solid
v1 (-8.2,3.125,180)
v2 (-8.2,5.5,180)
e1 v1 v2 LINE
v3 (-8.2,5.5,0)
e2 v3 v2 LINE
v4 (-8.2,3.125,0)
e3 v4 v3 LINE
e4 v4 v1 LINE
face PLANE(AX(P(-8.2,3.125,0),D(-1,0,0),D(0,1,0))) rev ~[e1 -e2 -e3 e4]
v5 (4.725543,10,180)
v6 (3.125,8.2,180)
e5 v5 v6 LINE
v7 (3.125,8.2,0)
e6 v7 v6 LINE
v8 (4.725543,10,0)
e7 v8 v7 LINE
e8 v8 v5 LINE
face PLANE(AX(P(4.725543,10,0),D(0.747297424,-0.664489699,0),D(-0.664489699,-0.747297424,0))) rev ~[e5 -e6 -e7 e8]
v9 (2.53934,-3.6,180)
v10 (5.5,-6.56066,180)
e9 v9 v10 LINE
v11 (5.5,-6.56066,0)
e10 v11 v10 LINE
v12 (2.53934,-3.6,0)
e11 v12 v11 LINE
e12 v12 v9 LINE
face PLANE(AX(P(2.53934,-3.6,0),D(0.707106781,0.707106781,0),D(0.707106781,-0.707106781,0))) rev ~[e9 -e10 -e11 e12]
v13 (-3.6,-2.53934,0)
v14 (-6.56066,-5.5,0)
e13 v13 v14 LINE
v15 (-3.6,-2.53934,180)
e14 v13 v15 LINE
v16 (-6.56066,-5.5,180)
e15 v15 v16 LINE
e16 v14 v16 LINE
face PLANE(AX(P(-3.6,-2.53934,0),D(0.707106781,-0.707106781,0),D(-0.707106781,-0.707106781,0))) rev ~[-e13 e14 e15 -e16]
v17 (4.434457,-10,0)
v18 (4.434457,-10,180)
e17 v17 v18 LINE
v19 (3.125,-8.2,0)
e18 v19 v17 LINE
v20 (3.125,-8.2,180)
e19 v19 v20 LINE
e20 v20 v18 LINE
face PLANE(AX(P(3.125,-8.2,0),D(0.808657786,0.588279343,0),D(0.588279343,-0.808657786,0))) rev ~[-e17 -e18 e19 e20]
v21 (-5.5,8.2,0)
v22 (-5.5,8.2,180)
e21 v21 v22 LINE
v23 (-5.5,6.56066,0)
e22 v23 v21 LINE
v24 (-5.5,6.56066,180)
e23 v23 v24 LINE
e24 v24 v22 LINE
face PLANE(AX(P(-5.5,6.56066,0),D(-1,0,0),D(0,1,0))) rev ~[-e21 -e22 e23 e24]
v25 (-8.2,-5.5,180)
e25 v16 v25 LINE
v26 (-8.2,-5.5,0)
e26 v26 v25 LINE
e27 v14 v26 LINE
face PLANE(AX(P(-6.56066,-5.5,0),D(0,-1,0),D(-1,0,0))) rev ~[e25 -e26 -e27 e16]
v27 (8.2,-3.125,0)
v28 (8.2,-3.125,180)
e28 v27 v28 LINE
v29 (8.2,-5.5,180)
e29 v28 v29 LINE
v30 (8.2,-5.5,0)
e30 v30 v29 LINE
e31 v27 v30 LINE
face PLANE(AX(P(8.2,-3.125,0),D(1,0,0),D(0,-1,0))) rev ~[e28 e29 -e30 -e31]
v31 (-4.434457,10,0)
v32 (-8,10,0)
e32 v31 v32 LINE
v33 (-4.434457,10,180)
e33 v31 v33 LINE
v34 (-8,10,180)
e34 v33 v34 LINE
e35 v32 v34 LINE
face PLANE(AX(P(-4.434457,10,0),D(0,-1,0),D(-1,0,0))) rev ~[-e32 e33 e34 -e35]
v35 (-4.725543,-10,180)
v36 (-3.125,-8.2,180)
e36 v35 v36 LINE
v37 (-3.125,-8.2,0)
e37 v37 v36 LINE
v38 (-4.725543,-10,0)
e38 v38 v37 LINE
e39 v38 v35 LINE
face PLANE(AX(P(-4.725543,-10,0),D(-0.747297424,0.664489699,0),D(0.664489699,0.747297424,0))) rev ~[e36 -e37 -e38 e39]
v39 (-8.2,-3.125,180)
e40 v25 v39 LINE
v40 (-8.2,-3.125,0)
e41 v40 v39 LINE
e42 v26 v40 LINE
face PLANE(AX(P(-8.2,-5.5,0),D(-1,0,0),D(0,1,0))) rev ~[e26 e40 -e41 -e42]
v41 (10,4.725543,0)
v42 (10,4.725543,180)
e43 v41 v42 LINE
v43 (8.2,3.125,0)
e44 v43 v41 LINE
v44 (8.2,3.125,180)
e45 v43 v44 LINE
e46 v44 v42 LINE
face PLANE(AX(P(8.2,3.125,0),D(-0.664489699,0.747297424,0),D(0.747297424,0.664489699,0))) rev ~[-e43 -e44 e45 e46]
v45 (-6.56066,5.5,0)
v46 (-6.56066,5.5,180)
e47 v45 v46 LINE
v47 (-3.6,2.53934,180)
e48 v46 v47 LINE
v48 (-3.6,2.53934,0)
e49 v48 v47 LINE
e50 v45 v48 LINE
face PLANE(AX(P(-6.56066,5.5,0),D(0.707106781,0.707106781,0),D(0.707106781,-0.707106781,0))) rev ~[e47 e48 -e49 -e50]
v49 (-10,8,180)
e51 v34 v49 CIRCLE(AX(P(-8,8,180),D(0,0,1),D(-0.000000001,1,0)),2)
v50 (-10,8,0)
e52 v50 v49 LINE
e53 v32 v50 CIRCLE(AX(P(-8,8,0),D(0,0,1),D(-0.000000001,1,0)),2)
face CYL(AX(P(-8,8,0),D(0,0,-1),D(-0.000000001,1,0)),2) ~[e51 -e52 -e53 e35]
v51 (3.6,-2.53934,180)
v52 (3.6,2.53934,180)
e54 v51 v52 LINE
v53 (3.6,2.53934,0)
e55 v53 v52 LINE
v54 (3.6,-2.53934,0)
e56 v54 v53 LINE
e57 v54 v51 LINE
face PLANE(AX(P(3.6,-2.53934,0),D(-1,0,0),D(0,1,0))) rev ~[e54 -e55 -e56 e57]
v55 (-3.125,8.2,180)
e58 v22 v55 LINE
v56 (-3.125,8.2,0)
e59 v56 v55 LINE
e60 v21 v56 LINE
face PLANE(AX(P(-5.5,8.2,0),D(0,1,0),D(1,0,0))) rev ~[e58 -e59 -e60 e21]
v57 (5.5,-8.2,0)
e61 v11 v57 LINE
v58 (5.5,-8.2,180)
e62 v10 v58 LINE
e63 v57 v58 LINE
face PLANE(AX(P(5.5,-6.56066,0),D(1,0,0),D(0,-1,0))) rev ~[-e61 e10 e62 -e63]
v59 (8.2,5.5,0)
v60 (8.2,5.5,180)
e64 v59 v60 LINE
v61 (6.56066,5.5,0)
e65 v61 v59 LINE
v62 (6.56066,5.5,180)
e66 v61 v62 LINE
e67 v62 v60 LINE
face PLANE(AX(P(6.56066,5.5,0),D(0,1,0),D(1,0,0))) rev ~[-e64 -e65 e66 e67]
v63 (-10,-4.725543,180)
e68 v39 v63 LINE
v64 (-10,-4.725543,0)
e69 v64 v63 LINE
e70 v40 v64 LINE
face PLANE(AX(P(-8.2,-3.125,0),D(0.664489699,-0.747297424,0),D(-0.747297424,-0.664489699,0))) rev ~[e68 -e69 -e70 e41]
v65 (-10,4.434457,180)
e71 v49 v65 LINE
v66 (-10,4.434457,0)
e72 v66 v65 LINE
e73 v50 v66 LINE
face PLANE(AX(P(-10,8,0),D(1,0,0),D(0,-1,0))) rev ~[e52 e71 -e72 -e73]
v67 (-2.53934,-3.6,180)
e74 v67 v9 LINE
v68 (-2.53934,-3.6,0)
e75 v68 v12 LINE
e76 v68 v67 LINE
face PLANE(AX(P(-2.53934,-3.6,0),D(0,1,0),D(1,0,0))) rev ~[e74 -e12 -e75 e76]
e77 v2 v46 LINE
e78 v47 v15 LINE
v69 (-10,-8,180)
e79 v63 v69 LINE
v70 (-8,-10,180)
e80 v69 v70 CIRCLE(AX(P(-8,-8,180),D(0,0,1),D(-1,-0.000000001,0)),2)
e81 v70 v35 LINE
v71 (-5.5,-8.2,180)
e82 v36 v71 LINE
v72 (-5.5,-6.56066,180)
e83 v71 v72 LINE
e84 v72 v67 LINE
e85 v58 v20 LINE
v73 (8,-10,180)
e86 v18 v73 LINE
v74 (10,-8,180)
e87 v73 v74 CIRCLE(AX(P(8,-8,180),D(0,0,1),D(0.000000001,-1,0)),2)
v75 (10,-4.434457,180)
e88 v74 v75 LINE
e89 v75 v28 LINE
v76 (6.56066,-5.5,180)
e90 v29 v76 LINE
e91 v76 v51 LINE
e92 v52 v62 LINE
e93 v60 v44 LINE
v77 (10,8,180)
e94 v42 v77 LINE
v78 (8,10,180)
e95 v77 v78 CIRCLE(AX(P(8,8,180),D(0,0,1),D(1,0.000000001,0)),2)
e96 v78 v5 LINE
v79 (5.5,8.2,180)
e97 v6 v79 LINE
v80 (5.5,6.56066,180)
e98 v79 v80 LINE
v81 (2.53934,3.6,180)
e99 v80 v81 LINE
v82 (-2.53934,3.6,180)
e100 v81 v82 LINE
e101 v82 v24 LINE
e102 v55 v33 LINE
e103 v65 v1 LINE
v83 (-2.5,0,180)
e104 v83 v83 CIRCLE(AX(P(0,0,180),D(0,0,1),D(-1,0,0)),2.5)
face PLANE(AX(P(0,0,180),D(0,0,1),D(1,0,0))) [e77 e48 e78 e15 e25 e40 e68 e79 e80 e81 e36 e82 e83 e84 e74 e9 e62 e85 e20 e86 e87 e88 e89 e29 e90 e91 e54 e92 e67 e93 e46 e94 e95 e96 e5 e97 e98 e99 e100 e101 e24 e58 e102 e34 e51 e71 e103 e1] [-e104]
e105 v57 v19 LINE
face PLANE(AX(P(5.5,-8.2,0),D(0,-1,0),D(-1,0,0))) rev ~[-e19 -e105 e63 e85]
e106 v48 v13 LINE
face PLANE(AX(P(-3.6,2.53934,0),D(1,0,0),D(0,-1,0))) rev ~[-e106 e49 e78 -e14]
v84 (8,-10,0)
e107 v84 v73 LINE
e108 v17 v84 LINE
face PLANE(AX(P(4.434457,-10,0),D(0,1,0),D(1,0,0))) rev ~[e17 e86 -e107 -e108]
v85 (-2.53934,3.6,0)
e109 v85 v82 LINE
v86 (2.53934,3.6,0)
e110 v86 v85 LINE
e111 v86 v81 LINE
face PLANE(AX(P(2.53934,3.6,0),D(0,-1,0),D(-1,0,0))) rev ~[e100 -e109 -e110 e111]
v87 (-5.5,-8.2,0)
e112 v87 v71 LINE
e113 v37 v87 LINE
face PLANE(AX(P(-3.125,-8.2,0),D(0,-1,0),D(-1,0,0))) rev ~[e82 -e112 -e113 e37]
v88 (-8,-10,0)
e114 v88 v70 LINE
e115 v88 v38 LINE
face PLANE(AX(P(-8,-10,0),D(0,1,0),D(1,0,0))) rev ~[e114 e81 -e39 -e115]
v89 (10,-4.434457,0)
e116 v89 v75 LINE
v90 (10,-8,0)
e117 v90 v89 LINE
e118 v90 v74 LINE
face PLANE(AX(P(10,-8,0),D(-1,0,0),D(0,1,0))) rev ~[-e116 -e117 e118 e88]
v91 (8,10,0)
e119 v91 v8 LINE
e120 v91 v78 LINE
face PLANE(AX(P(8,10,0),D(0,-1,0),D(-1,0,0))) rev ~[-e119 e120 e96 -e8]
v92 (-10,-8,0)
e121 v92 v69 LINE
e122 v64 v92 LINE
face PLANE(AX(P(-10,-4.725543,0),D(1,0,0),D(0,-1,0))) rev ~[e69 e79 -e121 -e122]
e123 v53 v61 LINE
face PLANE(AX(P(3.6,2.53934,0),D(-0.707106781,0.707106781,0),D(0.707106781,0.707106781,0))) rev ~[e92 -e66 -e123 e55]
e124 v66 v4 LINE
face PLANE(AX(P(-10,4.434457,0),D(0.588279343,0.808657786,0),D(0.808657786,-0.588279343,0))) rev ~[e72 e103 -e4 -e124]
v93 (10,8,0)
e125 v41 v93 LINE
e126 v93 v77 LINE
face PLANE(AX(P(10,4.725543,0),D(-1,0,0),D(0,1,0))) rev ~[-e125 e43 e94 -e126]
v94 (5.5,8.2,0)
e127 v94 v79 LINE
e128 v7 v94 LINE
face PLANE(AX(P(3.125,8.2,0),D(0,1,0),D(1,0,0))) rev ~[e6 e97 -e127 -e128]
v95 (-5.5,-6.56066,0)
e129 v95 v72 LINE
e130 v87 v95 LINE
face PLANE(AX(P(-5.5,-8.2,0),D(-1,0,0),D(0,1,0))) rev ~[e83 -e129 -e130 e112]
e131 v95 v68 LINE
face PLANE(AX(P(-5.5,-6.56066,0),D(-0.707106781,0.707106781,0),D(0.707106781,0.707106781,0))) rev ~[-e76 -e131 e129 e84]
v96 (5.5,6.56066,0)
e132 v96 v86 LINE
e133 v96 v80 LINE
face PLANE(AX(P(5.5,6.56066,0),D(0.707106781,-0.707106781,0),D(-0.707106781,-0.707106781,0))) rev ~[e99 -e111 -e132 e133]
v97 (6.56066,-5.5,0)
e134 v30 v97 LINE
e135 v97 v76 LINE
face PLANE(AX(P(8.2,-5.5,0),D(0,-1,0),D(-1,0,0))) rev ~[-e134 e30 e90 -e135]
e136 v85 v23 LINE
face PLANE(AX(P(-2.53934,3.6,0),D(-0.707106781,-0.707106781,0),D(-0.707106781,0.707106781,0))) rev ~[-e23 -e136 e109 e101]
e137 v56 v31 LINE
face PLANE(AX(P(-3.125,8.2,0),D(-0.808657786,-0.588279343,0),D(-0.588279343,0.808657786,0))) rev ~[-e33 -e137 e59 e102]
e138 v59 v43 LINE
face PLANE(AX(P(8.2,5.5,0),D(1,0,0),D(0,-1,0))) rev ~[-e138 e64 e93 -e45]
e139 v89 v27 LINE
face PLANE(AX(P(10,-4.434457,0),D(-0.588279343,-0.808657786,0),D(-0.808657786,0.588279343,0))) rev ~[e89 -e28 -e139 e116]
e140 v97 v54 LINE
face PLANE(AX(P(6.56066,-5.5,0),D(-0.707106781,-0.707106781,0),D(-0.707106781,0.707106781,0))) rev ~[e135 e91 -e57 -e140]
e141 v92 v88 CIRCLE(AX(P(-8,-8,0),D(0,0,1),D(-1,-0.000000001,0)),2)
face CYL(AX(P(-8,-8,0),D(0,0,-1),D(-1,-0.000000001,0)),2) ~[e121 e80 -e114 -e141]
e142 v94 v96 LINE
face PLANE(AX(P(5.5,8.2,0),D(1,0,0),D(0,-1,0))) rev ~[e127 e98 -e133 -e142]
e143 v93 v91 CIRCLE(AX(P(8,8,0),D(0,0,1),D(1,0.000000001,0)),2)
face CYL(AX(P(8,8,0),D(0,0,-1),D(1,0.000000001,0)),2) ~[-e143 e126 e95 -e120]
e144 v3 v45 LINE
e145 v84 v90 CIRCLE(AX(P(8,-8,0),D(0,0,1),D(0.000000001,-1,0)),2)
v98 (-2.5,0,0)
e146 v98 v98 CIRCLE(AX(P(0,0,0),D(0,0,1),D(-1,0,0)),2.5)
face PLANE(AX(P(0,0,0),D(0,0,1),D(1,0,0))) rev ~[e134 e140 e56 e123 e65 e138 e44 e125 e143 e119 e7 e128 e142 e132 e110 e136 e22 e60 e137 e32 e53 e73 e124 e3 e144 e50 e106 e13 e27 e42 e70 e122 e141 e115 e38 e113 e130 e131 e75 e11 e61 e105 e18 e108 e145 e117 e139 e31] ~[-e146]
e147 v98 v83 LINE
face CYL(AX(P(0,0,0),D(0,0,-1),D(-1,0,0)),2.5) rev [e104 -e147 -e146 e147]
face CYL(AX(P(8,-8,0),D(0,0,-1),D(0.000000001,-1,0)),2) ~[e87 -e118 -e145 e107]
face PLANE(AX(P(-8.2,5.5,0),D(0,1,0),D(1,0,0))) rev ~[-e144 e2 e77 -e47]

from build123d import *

# Parameters (mm, degrees)
SKETCH1_R           = 2.5
BOSS_EXTRUDE1_DEPTH = 180


with BuildPart() as part:
    # Sketch1 → Boss-Extrude1 (new body)
    with BuildSketch(Plane.XY):
        with BuildLine():
            Line((-4.725542729, -10), (-3.125, -8.2))
            Line((-3.125, -8.2), (-5.5, -8.2))
            Line((-5.5, -8.2), (-5.5, -6.560660172))
            Line((-5.5, -6.560660172), (-2.539339828, -3.6))
            Line((-2.539339828, -3.6), (2.539339828, -3.6))
            Line((2.539339828, -3.6), (5.5, -6.560660172))
            Line((5.5, -6.560660172), (5.5, -8.2))
            Line((5.5, -8.2), (3.125, -8.2))
            Line((3.125, -8.2), (4.434457271, -10))
            Line((4.434457271, -10), (8, -10))
            ThreePointArc((8, -10), (9.414213562, -9.414213562), (10, -8))
            Line((10, -8), (10, -4.434457271))
            Line((10, -4.434457271), (8.2, -3.125))
            Line((8.2, -3.125), (8.2, -5.5))
            Line((8.2, -5.5), (6.560660172, -5.5))
            Line((6.560660172, -5.5), (3.6, -2.539339828))
            Line((3.6, -2.539339828), (3.6, 2.539339828))
            Line((3.6, 2.539339828), (6.560660172, 5.5))
            Line((6.560660172, 5.5), (8.2, 5.5))
            Line((8.2, 5.5), (8.2, 3.125))
            Line((8.2, 3.125), (10, 4.725542729))
            Line((10, 4.725542729), (10, 8))
            ThreePointArc((10, 8), (9.414213562, 9.414213562), (8, 10))
            Line((8, 10), (4.725542729, 10))
            Line((4.725542729, 10), (3.125, 8.2))
            Line((3.125, 8.2), (5.5, 8.2))
            Line((5.5, 8.2), (5.5, 6.560660172))
            Line((5.5, 6.560660172), (2.539339828, 3.6))
            Line((2.539339828, 3.6), (-2.539339828, 3.6))
            Line((-2.539339828, 3.6), (-5.5, 6.560660172))
            Line((-5.5, 6.560660172), (-5.5, 8.2))
            Line((-5.5, 8.2), (-3.125, 8.2))
            Line((-3.125, 8.2), (-4.434457271, 10))
            Line((-4.434457271, 10), (-8, 10))
            ThreePointArc((-8, 10), (-9.414213562, 9.414213562), (-10, 8))
            Line((-10, 8), (-10, 4.434457271))
            Line((-10, 4.434457271), (-8.2, 3.125))
            Line((-8.2, 3.125), (-8.2, 5.5))
            Line((-8.2, 5.5), (-6.560660172, 5.5))
            Line((-6.560660172, 5.5), (-3.6, 2.539339828))
            Line((-3.6, 2.539339828), (-3.6, -2.539339828))
            Line((-3.6, -2.539339828), (-6.560660172, -5.5))
            Line((-6.560660172, -5.5), (-8.2, -5.5))
            Line((-8.2, -5.5), (-8.2, -3.125))
            Line((-8.2, -3.125), (-10, -4.725542729))
            Line((-10, -4.725542729), (-10, -8))
            ThreePointArc((-10, -8), (-9.414213562, -9.414213562), (-8, -10))
            Line((-8, -10), (-4.725542729, -10))
        make_face()
        with Locations(Location((0, 0, 0), (0, 0, 180))):
            Circle(SKETCH1_R, mode=Mode.SUBTRACT)
    extrude(amount=BOSS_EXTRUDE1_DEPTH)


solid = part.part
